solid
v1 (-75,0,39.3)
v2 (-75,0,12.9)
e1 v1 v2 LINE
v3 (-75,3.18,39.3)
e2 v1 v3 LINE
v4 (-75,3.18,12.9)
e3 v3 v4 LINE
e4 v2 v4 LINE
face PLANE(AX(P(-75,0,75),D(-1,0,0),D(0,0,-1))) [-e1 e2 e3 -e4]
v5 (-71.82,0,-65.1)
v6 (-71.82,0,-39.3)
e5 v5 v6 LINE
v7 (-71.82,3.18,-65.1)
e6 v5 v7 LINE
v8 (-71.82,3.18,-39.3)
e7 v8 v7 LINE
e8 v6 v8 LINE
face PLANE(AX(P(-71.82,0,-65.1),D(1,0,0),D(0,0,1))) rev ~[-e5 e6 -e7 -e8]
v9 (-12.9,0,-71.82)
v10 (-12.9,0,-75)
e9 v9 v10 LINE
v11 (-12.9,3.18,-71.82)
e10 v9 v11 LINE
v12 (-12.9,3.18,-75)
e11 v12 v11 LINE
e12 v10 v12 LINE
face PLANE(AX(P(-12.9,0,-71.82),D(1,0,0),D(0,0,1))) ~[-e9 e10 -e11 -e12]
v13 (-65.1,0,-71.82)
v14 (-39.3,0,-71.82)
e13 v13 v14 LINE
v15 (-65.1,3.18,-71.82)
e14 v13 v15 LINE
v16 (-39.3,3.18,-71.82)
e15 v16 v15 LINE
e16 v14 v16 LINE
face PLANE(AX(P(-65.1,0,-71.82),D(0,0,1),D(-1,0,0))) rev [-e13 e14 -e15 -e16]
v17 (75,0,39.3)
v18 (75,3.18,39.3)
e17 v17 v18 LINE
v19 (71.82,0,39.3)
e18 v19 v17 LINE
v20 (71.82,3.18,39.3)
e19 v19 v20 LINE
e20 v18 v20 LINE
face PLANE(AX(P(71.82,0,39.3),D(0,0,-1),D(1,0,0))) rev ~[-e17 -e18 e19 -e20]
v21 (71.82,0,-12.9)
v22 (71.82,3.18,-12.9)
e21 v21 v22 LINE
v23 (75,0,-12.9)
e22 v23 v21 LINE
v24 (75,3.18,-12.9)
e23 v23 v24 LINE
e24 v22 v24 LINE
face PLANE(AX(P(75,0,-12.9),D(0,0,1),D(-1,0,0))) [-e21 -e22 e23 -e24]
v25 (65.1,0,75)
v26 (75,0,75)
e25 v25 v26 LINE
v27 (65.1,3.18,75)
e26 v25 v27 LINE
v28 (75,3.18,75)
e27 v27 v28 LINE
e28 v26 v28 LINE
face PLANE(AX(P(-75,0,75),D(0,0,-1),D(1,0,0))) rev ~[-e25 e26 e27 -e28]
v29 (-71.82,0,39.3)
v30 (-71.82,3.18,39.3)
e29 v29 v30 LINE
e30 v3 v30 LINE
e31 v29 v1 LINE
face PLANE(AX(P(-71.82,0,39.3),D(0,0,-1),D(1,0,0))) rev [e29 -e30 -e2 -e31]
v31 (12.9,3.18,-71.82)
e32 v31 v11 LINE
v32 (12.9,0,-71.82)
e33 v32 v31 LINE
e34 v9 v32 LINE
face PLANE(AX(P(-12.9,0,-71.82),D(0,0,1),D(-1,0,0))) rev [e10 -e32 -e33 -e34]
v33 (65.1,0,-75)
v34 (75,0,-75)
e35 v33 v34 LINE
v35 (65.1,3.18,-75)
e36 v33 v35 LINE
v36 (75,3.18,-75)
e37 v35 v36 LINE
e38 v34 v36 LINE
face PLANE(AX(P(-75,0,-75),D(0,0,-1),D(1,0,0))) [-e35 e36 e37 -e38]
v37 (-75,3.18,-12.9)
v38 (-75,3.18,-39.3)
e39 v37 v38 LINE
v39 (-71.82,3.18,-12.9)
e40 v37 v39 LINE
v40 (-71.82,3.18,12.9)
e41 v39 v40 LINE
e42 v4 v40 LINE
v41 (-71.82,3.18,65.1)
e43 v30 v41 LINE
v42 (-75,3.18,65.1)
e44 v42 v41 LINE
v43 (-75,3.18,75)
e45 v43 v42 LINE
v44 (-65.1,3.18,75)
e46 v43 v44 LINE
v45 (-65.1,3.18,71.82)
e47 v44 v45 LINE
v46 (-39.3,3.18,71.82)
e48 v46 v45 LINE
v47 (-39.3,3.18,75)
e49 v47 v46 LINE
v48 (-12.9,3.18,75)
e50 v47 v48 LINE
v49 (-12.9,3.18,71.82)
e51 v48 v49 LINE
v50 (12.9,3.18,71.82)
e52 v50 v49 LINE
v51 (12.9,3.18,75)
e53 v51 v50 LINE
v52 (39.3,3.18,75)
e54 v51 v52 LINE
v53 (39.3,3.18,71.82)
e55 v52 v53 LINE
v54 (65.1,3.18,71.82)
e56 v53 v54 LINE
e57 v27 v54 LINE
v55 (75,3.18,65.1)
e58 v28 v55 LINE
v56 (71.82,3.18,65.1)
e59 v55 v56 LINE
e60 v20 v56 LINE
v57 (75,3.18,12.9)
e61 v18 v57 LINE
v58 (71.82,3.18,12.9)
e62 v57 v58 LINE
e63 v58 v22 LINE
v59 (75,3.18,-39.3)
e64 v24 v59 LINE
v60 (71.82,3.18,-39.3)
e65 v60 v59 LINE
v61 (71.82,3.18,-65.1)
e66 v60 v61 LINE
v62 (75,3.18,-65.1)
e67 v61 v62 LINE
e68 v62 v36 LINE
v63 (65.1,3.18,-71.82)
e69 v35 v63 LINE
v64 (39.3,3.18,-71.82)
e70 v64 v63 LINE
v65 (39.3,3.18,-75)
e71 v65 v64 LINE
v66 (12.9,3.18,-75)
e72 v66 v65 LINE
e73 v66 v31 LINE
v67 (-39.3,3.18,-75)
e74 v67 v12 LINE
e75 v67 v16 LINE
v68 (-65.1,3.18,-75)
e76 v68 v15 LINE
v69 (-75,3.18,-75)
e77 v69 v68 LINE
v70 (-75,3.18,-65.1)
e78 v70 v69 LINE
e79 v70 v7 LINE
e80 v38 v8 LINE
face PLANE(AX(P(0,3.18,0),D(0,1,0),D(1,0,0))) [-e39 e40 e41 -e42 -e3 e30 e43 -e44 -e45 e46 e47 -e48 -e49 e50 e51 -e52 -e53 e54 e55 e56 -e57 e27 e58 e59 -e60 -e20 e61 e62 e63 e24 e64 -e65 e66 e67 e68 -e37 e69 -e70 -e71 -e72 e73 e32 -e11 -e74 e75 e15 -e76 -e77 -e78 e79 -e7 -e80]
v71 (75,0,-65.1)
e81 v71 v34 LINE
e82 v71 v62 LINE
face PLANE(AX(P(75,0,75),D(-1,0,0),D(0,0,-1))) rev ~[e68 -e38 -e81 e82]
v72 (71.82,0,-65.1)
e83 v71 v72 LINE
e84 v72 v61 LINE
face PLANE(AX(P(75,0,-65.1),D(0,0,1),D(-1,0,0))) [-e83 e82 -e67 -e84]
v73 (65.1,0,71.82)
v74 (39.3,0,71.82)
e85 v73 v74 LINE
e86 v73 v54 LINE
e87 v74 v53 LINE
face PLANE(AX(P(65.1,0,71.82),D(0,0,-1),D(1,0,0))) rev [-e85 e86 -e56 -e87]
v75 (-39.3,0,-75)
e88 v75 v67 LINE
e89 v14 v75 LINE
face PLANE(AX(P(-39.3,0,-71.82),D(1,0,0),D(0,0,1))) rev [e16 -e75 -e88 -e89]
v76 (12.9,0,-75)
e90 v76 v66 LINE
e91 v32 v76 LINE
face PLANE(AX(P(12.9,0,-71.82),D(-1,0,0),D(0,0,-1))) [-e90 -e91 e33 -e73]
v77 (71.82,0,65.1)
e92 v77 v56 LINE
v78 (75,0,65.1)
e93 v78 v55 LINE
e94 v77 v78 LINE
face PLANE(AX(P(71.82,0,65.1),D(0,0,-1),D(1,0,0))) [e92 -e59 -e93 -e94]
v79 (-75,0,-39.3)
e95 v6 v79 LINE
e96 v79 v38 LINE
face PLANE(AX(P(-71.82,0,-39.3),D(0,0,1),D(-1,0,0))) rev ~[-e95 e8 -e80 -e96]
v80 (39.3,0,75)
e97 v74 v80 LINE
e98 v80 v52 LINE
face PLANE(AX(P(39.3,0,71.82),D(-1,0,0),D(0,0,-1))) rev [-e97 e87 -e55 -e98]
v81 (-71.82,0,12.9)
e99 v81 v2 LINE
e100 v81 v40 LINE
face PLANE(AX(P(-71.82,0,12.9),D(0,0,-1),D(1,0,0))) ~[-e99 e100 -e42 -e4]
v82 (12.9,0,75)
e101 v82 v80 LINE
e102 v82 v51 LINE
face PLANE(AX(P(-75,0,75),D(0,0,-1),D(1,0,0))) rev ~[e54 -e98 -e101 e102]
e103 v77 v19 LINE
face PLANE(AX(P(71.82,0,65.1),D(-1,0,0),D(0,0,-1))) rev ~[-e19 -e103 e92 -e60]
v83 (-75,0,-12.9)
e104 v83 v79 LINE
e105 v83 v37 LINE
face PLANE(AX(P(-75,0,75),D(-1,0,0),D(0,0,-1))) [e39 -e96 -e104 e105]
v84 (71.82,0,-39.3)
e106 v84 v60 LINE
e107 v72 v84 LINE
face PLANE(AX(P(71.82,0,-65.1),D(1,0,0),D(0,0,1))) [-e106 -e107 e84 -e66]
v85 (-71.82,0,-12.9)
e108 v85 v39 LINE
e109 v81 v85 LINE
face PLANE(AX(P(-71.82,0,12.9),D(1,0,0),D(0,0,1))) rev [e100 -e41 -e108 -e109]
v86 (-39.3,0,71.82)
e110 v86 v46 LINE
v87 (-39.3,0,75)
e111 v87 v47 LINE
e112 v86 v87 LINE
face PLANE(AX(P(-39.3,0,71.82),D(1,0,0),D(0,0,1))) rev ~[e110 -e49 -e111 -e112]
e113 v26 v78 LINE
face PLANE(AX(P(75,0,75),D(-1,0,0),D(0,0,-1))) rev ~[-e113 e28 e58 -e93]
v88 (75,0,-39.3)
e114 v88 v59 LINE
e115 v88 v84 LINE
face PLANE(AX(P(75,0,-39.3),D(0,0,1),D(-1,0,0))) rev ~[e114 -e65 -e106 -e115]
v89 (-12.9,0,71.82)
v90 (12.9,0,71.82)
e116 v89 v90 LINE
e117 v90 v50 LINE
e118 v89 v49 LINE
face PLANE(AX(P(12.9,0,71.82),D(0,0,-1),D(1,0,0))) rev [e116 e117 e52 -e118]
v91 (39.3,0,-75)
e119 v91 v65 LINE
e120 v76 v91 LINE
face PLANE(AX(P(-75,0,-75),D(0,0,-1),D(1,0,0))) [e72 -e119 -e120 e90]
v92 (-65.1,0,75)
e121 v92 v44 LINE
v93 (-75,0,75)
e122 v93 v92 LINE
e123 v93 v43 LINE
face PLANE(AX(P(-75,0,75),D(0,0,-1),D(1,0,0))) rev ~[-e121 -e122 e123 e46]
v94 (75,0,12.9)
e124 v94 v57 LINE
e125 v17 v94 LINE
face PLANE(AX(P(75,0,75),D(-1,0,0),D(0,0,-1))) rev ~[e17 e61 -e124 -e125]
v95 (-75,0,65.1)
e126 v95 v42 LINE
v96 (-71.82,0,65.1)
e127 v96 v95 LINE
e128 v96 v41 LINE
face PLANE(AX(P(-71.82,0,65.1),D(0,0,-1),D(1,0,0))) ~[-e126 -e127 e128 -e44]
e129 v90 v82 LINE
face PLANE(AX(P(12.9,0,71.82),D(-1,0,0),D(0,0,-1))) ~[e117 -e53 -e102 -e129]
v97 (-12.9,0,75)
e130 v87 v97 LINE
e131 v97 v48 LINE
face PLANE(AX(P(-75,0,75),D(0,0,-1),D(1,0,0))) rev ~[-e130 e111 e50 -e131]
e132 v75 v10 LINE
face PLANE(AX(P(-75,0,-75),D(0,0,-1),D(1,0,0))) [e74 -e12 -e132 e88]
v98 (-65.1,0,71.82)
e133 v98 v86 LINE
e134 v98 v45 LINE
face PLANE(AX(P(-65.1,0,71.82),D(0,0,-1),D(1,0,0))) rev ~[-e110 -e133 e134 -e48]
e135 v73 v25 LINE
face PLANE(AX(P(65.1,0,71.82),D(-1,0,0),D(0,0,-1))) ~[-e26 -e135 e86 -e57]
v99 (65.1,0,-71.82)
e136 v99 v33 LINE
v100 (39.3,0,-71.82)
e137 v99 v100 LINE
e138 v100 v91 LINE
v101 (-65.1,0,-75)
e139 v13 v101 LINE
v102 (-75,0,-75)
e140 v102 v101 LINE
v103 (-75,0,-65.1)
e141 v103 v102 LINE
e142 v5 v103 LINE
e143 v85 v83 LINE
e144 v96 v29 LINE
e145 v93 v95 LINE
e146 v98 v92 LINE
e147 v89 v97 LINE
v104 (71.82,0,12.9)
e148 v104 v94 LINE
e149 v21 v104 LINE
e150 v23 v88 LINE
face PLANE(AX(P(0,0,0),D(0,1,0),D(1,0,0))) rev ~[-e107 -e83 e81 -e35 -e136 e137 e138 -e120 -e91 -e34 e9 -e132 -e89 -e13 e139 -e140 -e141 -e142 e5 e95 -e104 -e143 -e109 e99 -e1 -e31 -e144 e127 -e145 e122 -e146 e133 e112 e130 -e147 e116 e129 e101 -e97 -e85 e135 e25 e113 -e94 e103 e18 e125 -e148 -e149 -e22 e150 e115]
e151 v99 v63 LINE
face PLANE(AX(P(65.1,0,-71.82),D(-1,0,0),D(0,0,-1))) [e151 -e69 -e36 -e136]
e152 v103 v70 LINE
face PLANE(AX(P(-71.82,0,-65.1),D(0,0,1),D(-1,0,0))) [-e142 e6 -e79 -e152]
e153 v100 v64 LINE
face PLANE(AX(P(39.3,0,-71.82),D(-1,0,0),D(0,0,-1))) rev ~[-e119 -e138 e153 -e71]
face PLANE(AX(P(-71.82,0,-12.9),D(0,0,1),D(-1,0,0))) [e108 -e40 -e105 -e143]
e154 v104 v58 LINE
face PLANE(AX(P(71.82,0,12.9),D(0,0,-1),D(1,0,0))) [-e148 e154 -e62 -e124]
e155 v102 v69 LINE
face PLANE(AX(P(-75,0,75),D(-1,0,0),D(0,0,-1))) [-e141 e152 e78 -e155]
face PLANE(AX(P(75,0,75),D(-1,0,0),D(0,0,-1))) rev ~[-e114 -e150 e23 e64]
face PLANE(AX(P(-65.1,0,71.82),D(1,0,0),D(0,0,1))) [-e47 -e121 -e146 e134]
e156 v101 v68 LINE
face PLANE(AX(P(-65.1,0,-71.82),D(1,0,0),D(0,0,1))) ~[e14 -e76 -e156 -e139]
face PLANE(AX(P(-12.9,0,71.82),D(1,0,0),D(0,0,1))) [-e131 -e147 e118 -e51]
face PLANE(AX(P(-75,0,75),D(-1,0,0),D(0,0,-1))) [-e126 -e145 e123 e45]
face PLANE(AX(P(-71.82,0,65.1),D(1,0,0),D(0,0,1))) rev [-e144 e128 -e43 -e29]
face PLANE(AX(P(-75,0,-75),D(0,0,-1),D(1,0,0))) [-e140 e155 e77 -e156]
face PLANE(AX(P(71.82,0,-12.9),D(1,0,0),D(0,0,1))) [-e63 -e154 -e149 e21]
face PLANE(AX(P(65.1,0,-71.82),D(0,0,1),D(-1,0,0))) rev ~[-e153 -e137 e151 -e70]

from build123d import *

# Parameters (mm, degrees)
SKETCH1_W                 = 150
SKETCH1_H                 = 150
BOSS_EXTRUDE1_DEPTH       = 3.18
SKETCH6_W                 = 12.9
SKETCH6_H                 = 3.18
SKETCH6_W_2               = 25.8
CUT_EXTRUDE1_DEPTH        = 10
MIRROR2_COPY_1_SKETCH_W   = 12.9
MIRROR2_COPY_1_SKETCH_H   = 3.18
MIRROR2_COPY_1_SKETCH_W_2 = 25.8
MIRROR2_COPY_1_DEPTH      = 10
MIRROR3_COPY_1_SKETCH_W   = 12.9
MIRROR3_COPY_1_SKETCH_H   = 3.18
MIRROR3_COPY_1_SKETCH_W_2 = 25.8
MIRROR3_COPY_1_DEPTH      = 10
MIRROR4_COPY_1_SKETCH_W   = 12.9
MIRROR4_COPY_1_SKETCH_H   = 3.18
MIRROR4_COPY_1_SKETCH_W_2 = 25.8
MIRROR4_COPY_1_DEPTH      = 10
MIRROR4_COPY_2_SKETCH_W   = 12.9
MIRROR4_COPY_2_SKETCH_H   = 3.18
MIRROR4_COPY_2_SKETCH_W_2 = 25.8
MIRROR4_COPY_2_DEPTH      = 10
MIRROR4_COPY_3_SKETCH_W   = 12.9
MIRROR4_COPY_3_SKETCH_H   = 3.18
MIRROR4_COPY_3_SKETCH_W_2 = 25.8
MIRROR4_COPY_3_DEPTH      = 10


with BuildPart() as part:
    # Sketch1 → Boss-Extrude1 (new body)
    with BuildSketch(Plane(origin=(0, 0, 0), x_dir=(1, 0, 0), z_dir=(0, 1, 0))):
        Rectangle(SKETCH1_W, SKETCH1_H)
    extrude(amount=BOSS_EXTRUDE1_DEPTH)

    # Sketch6 → Cut-Extrude1 (cut)
    with BuildSketch(Plane.XZ):
        with Locations((-6.45, 73.41)):
            Rectangle(SKETCH6_W, SKETCH6_H)
        with Locations((-52.2, 73.41)):
            Rectangle(SKETCH6_W_2, SKETCH6_H)
    cut_extrude1 = extrude(amount=-CUT_EXTRUDE1_DEPTH, mode=Mode.SUBTRACT)

    # Mirror1: Cut-Extrude1 across plane
    add(cut_extrude1.mirror(Plane(origin=(0, 0, 0), x_dir=(0, 0, 1), z_dir=(1, 0, 0))), mode=Mode.SUBTRACT)

    # Mirror2: Cut-Extrude1 across plane
    add(cut_extrude1.mirror(Plane.XY), mode=Mode.SUBTRACT)

    # Mirror2 copy 1 sketch → Mirror2 copy 1 (cut)
    with BuildSketch(Plane(origin=(0, 0, 0), x_dir=(-1, 0, 0), z_dir=(0, -1, 0))):
        with Locations((-6.45, 73.41)):
            Rectangle(MIRROR2_COPY_1_SKETCH_W, MIRROR2_COPY_1_SKETCH_H)
        with Locations((-52.2, 73.41)):
            Rectangle(MIRROR2_COPY_1_SKETCH_W_2, MIRROR2_COPY_1_SKETCH_H)
    extrude(amount=-MIRROR2_COPY_1_DEPTH, mode=Mode.SUBTRACT)

    # Mirror3: Cut-Extrude1 across plane
    add(cut_extrude1.mirror(Plane(origin=(0, 0, 0), x_dir=(-0.707106781, 0, 0.707106781), z_dir=(0.707106781, 0, 0.707106781))), mode=Mode.SUBTRACT)

    # Mirror3 copy 1 sketch → Mirror3 copy 1 (cut)
    with BuildSketch(Plane(origin=(0, 0, 0), x_dir=(0, 0, 1), z_dir=(0, -1, 0))):
        with Locations((-6.45, 73.41)):
            Rectangle(MIRROR3_COPY_1_SKETCH_W, MIRROR3_COPY_1_SKETCH_H)
        with Locations((-52.2, 73.41)):
            Rectangle(MIRROR3_COPY_1_SKETCH_W_2, MIRROR3_COPY_1_SKETCH_H)
    extrude(amount=-MIRROR3_COPY_1_DEPTH, mode=Mode.SUBTRACT)

    # Mirror4 copy 1 sketch → Mirror4 copy 1 (cut)
    with BuildSketch(Plane(origin=(0, 0, 0), x_dir=(0, 0, -1), z_dir=(0, -1, 0))):
        with Locations((-6.45, 73.41)):
            Rectangle(MIRROR4_COPY_1_SKETCH_W, MIRROR4_COPY_1_SKETCH_H)
        with Locations((-52.2, 73.41)):
            Rectangle(MIRROR4_COPY_1_SKETCH_W_2, MIRROR4_COPY_1_SKETCH_H)
    extrude(amount=-MIRROR4_COPY_1_DEPTH, mode=Mode.SUBTRACT)

    # Mirror4 copy 2 sketch → Mirror4 copy 2 (cut)
    with BuildSketch(Plane(origin=(0, 0, 0), x_dir=(0, 0, 1), z_dir=(0, -1, 0))):
        with Locations((-6.45, -73.41)):
            Rectangle(MIRROR4_COPY_2_SKETCH_W, MIRROR4_COPY_2_SKETCH_H)
        with Locations((-52.2, -73.41)):
            Rectangle(MIRROR4_COPY_2_SKETCH_W_2, MIRROR4_COPY_2_SKETCH_H)
    extrude(amount=-MIRROR4_COPY_2_DEPTH, mode=Mode.SUBTRACT)

    # Mirror4 copy 3 sketch → Mirror4 copy 3 (cut)
    with BuildSketch(Plane(origin=(0, 0, 0), x_dir=(-1, 0, 0), z_dir=(0, -1, 0))):
        with Locations((-6.45, -73.41)):
            Rectangle(MIRROR4_COPY_3_SKETCH_W, MIRROR4_COPY_3_SKETCH_H)
        with Locations((-52.2, -73.41)):
            Rectangle(MIRROR4_COPY_3_SKETCH_W_2, MIRROR4_COPY_3_SKETCH_H)
    extrude(amount=-MIRROR4_COPY_3_DEPTH, mode=Mode.SUBTRACT)


solid = part.part
